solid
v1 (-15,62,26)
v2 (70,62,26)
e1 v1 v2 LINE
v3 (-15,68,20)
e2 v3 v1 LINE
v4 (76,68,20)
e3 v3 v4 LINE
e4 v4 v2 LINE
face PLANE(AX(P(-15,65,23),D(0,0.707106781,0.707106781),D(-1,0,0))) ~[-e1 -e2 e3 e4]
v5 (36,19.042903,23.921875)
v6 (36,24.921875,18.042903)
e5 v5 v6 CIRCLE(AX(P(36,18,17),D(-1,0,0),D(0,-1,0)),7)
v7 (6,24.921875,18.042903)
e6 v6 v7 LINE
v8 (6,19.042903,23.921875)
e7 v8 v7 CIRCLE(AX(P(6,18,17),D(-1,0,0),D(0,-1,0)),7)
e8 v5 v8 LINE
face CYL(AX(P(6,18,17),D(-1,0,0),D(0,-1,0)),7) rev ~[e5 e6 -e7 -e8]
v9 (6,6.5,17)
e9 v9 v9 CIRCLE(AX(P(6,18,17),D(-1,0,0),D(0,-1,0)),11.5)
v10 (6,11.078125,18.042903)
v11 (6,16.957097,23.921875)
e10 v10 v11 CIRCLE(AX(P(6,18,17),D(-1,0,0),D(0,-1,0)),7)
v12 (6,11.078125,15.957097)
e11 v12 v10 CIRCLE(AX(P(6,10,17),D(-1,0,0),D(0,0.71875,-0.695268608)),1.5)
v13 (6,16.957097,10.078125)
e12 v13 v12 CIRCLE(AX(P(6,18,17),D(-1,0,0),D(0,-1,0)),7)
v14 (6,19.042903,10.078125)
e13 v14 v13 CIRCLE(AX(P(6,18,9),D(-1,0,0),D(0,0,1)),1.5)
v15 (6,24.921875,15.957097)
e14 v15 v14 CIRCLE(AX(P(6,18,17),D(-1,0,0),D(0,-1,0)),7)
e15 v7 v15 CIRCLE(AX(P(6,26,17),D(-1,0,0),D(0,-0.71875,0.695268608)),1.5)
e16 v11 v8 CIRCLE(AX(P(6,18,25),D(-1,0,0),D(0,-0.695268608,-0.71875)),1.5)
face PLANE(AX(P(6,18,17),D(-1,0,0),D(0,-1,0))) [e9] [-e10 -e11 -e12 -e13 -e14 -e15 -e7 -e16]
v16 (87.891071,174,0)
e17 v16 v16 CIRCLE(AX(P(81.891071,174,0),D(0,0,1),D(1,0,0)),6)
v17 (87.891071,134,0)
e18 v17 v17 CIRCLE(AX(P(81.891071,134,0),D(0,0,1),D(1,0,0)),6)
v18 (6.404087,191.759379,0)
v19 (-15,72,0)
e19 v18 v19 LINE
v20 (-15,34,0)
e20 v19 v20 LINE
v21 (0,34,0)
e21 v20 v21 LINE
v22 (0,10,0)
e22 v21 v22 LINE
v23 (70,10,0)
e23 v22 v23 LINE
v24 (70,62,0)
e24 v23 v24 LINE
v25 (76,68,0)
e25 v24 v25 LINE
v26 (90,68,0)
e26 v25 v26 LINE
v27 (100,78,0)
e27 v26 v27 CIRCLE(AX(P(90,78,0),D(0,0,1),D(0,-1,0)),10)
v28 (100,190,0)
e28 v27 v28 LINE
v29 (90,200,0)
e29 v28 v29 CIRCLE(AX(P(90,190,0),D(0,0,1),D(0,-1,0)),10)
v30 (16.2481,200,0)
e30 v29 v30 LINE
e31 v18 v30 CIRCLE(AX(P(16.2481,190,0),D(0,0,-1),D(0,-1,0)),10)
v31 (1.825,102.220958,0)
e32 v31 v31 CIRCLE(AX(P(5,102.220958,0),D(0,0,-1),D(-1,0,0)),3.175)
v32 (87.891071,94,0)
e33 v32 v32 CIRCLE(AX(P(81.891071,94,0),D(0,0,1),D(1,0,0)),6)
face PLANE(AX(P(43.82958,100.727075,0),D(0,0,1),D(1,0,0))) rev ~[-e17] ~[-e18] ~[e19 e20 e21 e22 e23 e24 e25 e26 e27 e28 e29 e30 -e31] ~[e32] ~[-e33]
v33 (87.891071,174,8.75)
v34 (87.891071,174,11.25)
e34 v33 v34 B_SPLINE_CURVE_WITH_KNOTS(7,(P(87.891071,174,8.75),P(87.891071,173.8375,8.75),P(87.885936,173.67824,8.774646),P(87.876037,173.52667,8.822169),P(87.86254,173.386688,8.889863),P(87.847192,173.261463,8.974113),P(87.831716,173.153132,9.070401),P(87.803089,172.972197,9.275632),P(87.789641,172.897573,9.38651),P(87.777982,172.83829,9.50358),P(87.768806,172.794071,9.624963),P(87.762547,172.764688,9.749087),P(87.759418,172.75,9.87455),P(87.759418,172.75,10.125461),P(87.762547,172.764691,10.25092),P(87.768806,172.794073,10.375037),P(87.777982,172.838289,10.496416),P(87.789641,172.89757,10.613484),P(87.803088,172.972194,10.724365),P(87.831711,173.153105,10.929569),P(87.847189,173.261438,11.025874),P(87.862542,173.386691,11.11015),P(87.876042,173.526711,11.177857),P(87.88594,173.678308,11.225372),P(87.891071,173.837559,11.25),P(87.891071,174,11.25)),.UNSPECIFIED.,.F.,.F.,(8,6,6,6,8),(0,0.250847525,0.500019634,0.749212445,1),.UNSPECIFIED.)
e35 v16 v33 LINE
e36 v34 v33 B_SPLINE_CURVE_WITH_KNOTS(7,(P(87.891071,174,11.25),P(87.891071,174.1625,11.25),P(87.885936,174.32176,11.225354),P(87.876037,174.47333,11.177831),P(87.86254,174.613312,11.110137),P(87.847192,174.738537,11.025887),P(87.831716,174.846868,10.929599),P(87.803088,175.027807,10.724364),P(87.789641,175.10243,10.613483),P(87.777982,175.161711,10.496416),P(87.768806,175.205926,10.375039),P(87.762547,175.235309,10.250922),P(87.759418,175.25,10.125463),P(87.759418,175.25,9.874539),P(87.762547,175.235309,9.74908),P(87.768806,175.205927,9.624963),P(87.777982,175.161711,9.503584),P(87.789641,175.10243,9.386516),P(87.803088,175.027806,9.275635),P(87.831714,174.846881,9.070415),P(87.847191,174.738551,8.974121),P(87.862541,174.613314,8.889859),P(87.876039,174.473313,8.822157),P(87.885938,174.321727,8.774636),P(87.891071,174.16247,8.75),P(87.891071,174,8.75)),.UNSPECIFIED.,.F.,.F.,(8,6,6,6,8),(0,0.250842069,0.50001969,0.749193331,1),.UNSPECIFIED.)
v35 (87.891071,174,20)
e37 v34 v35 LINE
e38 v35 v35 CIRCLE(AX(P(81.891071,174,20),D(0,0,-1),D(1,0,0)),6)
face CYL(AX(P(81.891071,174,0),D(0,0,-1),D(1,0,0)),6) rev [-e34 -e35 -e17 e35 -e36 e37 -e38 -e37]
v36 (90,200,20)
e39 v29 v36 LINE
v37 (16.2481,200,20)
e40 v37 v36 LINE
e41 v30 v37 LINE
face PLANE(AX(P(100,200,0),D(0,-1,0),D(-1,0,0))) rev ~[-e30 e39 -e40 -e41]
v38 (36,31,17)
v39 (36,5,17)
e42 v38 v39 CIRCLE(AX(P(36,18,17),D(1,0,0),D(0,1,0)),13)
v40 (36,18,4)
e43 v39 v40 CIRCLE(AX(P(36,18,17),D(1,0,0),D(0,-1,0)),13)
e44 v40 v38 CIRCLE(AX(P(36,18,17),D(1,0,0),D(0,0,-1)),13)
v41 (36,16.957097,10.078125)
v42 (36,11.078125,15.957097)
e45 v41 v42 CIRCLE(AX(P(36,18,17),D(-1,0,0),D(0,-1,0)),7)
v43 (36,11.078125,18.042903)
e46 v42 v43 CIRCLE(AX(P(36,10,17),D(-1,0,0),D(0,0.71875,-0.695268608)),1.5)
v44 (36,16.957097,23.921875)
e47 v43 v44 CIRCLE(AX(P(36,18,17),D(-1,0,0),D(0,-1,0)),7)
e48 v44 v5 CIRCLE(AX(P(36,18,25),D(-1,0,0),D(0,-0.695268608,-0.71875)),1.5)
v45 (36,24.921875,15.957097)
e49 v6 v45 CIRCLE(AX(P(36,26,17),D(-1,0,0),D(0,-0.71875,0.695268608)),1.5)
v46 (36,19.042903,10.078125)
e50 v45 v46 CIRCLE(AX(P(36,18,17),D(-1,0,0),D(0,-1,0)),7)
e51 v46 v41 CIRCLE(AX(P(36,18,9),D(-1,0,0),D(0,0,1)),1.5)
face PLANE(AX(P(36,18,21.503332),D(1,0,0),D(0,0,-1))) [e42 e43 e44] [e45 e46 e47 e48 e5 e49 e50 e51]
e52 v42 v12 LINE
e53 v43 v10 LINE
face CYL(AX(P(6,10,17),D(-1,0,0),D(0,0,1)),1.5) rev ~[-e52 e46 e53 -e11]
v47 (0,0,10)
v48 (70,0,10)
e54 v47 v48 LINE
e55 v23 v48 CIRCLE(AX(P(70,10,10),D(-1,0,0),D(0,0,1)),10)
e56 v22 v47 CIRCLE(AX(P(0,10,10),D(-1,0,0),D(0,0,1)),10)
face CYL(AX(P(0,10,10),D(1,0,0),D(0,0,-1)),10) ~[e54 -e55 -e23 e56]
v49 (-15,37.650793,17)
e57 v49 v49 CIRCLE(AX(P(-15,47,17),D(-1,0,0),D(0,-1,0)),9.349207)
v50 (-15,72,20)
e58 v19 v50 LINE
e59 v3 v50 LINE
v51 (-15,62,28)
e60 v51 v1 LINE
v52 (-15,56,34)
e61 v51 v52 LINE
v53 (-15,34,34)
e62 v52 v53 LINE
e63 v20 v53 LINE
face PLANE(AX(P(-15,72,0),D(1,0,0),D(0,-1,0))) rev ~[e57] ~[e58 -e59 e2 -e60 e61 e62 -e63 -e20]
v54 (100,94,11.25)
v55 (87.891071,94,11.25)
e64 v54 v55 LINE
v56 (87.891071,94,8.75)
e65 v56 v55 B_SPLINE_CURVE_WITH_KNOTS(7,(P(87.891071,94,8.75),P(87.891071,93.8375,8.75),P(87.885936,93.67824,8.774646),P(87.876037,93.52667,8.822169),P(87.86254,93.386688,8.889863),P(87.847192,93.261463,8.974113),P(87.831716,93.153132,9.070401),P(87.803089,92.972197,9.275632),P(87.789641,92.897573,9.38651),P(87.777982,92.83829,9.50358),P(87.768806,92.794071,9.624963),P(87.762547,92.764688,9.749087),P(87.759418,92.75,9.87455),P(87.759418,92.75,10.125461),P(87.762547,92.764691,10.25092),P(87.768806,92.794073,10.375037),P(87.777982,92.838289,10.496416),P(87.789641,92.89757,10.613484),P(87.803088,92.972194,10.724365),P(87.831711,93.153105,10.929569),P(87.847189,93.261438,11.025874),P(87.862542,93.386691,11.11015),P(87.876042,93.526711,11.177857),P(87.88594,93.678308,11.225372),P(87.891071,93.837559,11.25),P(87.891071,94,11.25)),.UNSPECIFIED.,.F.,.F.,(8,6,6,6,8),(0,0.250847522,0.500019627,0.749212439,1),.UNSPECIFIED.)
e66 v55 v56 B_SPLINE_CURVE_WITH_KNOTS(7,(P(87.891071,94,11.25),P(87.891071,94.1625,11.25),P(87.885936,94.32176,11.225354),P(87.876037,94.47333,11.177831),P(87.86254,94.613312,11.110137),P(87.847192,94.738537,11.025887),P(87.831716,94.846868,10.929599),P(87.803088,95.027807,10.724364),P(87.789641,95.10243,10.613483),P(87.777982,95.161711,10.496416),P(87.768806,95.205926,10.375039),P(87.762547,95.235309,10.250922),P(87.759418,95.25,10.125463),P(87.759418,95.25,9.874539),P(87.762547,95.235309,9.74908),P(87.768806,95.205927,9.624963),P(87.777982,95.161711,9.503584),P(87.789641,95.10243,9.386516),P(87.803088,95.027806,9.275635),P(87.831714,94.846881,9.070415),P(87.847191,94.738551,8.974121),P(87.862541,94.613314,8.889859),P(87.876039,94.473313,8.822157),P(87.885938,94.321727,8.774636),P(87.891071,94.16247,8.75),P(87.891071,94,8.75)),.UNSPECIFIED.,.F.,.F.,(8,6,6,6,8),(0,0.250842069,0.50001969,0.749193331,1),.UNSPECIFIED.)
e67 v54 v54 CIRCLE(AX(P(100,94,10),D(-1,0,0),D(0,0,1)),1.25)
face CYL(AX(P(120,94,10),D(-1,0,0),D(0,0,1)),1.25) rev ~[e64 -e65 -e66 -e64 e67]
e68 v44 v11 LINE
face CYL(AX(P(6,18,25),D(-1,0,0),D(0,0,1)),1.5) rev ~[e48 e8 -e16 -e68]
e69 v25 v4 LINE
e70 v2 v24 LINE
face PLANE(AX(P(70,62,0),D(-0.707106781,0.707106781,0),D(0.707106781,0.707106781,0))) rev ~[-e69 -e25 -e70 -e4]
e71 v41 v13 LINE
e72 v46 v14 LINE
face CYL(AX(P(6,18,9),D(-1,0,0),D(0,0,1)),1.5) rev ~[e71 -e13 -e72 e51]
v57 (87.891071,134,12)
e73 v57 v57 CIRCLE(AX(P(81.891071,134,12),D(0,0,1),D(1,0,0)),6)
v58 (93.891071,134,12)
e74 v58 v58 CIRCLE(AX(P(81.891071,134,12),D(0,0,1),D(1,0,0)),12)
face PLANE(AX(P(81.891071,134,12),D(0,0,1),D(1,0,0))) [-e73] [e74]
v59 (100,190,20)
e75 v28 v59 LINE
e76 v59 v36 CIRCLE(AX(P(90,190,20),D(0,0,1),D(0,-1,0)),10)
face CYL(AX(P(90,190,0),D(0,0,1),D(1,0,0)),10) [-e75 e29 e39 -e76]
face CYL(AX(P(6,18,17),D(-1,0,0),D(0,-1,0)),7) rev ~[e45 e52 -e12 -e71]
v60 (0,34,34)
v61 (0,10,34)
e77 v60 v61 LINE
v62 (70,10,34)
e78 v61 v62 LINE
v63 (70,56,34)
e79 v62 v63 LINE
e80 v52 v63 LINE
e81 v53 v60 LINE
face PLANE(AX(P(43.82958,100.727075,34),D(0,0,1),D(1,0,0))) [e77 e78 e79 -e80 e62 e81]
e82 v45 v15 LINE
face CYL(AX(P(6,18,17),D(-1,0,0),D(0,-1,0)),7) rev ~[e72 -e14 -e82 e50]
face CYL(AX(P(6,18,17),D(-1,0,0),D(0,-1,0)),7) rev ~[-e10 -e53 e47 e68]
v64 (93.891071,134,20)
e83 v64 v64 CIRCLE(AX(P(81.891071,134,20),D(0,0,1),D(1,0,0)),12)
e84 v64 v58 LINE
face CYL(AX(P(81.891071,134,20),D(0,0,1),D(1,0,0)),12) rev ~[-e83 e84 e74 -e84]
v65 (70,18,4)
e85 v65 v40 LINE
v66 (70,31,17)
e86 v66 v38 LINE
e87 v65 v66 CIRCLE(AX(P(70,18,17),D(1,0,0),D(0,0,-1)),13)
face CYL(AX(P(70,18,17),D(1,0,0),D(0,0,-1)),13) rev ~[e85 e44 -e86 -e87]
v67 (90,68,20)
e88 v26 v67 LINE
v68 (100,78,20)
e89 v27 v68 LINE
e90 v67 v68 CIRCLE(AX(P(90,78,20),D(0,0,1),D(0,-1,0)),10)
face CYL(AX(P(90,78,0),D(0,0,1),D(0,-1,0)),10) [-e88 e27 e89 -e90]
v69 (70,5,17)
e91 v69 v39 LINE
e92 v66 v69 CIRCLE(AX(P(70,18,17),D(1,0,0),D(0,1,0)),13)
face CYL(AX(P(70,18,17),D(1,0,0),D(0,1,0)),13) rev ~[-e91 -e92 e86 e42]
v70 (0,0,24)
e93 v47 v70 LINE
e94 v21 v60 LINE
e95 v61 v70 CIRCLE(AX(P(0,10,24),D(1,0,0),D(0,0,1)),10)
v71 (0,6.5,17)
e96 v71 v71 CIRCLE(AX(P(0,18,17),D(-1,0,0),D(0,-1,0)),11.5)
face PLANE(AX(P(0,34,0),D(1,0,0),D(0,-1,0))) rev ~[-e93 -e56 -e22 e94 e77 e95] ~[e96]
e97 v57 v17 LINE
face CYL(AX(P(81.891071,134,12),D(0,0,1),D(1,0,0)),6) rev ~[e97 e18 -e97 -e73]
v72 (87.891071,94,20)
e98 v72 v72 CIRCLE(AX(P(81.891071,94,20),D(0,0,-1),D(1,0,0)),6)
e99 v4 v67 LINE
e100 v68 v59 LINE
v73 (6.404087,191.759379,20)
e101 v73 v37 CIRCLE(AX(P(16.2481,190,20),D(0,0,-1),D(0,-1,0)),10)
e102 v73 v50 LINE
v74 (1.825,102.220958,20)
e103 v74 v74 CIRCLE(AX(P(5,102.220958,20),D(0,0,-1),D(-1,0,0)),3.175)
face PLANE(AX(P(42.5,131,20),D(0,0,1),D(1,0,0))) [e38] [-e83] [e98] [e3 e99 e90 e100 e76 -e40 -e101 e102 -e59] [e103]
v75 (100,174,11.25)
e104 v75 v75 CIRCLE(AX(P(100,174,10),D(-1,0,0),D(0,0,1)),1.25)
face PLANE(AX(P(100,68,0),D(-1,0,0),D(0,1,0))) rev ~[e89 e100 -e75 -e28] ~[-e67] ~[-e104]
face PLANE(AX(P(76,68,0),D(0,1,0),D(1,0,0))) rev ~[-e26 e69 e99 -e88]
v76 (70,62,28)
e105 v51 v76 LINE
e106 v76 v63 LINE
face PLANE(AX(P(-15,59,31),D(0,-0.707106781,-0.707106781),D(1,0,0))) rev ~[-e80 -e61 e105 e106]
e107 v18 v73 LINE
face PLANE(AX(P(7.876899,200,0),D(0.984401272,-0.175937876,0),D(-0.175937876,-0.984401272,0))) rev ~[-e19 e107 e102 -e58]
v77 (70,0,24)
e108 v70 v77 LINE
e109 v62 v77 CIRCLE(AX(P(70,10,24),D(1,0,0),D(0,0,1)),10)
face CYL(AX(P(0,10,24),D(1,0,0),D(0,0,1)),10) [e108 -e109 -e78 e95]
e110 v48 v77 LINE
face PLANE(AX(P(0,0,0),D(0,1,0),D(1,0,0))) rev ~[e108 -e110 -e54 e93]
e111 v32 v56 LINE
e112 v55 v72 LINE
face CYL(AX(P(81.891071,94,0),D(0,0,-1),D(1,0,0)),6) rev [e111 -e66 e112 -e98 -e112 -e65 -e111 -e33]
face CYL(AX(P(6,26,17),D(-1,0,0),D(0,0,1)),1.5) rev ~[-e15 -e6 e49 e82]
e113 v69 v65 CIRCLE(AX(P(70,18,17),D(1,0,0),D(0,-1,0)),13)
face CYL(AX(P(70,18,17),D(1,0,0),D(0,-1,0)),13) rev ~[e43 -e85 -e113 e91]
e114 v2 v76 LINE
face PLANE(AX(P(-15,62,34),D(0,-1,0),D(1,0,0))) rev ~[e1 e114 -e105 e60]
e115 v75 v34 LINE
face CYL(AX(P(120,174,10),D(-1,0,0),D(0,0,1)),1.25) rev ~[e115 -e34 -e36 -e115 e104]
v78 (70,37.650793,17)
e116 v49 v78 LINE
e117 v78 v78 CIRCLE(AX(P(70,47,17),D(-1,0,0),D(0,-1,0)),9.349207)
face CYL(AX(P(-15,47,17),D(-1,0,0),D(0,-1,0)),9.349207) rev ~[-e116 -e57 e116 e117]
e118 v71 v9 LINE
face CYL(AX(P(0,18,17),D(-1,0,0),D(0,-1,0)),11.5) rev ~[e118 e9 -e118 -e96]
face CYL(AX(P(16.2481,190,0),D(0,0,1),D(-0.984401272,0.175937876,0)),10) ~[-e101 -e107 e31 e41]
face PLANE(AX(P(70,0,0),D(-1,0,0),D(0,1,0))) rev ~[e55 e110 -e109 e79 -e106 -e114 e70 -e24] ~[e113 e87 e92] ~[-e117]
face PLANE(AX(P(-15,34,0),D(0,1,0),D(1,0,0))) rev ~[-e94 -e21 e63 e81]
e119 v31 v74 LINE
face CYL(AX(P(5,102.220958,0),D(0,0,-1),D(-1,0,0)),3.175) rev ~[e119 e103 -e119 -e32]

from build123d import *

# Parameters (mm, degrees)
SKETCH1_R             = 6
BOSS_EXTRUDE1_DEPTH   = 34
SKETCH2_W             = 115
SKETCH2_H             = 138
CUT_EXTRUDE1_DEPTH    = 14
SKETCH3_R             = 12
CUT_EXTRUDE2_DEPTH    = 8
SKETCH4_R             = 6
CUT_EXTRUDE3_DEPTH    = 225.686448189
FILLET1_R             = 10
CHAMFER1_SIZE         = 6
CUT_EXTRUDE8_DEPTH    = 34
SKETCH11_R            = 11.5
CUT_EXTRUDE9_DEPTH    = 6
SKETCH12_R            = 7
CUT_EXTRUDE10_DEPTH   = 224.588908491
FILLET3_R             = 10
SKETCH13_R            = 1.5
CUT_EXTRUDE11_DEPTH   = 224.588908491
M3_TAPPED_HOLE1_D     = 2.5
M3_TAPPED_HOLE1_DEPTH = 20
M3_TAPPED_HOLE1_TIP   = 0.751075774
SKETCH17_R            = 9.349207245
CUT_EXTRUDE12_DEPTH   = 234.197341372
SKETCH18_R            = 3.175
CUT_EXTRUDE13_DEPTH   = 20


with BuildPart() as part:
    # Sketch1 → Boss-Extrude1 (new body)
    with BuildSketch(Plane.XY):
        Polygon((0, 0), (70, 0), (70, 62), (76, 68), (100, 68), (100, 200), (7.876898591, 200), (-15, 72), (-15, 34), (0, 34), align=None)
        with Locations((81.891070834, 174)):
            Circle(SKETCH1_R, mode=Mode.SUBTRACT)
        with Locations((81.891070834, 94)):
            Circle(SKETCH1_R, mode=Mode.SUBTRACT)
    extrude(amount=BOSS_EXTRUDE1_DEPTH)

    # Sketch2 → Cut-Extrude1 (cut)
    with BuildSketch(Plane.XY.offset(34)):
        with Locations((42.5, 131)):
            Rectangle(SKETCH2_W, SKETCH2_H)
    extrude(amount=-CUT_EXTRUDE1_DEPTH, mode=Mode.SUBTRACT)

    # Sketch3 → Cut-Extrude2 (cut)
    with BuildSketch(Plane.XY.offset(20)):
        with Locations((81.891070834, 134)):
            Circle(SKETCH3_R)
    extrude(amount=-CUT_EXTRUDE2_DEPTH, mode=Mode.SUBTRACT)

    # Sketch4 → Cut-Extrude3 (cut, through all)
    with BuildSketch(Plane.XY.offset(12)):
        with Locations((81.891070834, 134)):
            Circle(SKETCH4_R)
    extrude(amount=-CUT_EXTRUDE3_DEPTH, mode=Mode.SUBTRACT)

    # Fillet1
    fillet1_edges = [part.edges().sort_by_distance(p)[0] for p in [
        (7.876898591, 200, 10),
        (100, 200, 10),
        (100, 68, 10),
    ]]
    fillet(fillet1_edges, radius=FILLET1_R)

    # Chamfer1
    chamfer1_edges = [part.edges().sort_by_distance(p)[0] for p in [
        (27.5, 62, 34),
        (27.5, 62, 20),
    ]]
    chamfer(chamfer1_edges, length=CHAMFER1_SIZE)

    # Sketch6 → Cut-Extrude8 (cut)
    with BuildSketch(Plane(origin=(70, 0, 0), x_dir=(0, 0, -1), z_dir=(1, 0, 0))):
        with BuildLine():
            ThreePointArc((-17, 31), (-30, 18), (-17, 5))
            Line((-17, 5), (-17, 31))
        make_face()
        with BuildLine():
            Line((-17, 31), (-17, 5))
            ThreePointArc((-17, 5), (-7.807611845, 8.807611845), (-4, 18))
            ThreePointArc((-4, 18), (-7.807611845, 27.192388155), (-17, 31))
        make_face()
    extrude(amount=-CUT_EXTRUDE8_DEPTH, mode=Mode.SUBTRACT)

    # Sketch11 → Cut-Extrude9 (cut)
    with BuildSketch(Plane.ZY):
        with Locations(Location((17, 18, 0), (0, 0, 270))):
            Circle(SKETCH11_R)
    extrude(amount=-CUT_EXTRUDE9_DEPTH, mode=Mode.SUBTRACT)

    # Sketch12 → Cut-Extrude10 (cut, through all)
    with BuildSketch(Plane.ZY.offset(-6)):
        with Locations(Location((17, 18, 0), (0, 0, 270))):
            Circle(SKETCH12_R)
    extrude(amount=-CUT_EXTRUDE10_DEPTH, mode=Mode.SUBTRACT)

    # Fillet3
    fillet3_edges = [part.edges().sort_by_distance(p)[0] for p in [
        (35, 0, 0),
        (35, 0, 34),
    ]]
    fillet(fillet3_edges, radius=FILLET3_R)

    # Sketch13 → Cut-Extrude11 (cut, through all)
    with BuildSketch(Plane.ZY.offset(-6)):
        with Locations((17, 26)):
            Circle(SKETCH13_R)
        with Locations((25, 18)):
            Circle(SKETCH13_R)
        with Locations((17, 10)):
            Circle(SKETCH13_R)
        with Locations((9, 18)):
            Circle(SKETCH13_R)
    extrude(amount=-CUT_EXTRUDE11_DEPTH, mode=Mode.SUBTRACT)

    # M3 Tapped Hole1
    with Locations(Plane(origin=(100, 0, 0), x_dir=(0, 0, -1), z_dir=(1, 0, 0))):
        with Locations((-10, 174), (-10, 94)):
            Hole(M3_TAPPED_HOLE1_D / 2, depth=M3_TAPPED_HOLE1_DEPTH)
            with Locations((0, 0, -(M3_TAPPED_HOLE1_DEPTH + M3_TAPPED_HOLE1_TIP / 2))):  # 118° drill point
                Cone(0, M3_TAPPED_HOLE1_D / 2, M3_TAPPED_HOLE1_TIP, mode=Mode.SUBTRACT)

    # Sketch17 → Cut-Extrude12 (cut, through all)
    with BuildSketch(Plane.ZY.offset(15)):
        with Locations(Location((17, 47, 0), (0, 0, 270))):
            Circle(SKETCH17_R)
    extrude(amount=-CUT_EXTRUDE12_DEPTH, mode=Mode.SUBTRACT)

    # Sketch18 → Cut-Extrude13 (cut)
    with BuildSketch(Plane(origin=(0, 0, 0), x_dir=(-1, 0, 0), z_dir=(0, 0, -1))):
        with Locations((-5, 102.220957779)):
            Circle(SKETCH18_R)
    extrude(amount=-CUT_EXTRUDE13_DEPTH, mode=Mode.SUBTRACT)


solid = part.part
